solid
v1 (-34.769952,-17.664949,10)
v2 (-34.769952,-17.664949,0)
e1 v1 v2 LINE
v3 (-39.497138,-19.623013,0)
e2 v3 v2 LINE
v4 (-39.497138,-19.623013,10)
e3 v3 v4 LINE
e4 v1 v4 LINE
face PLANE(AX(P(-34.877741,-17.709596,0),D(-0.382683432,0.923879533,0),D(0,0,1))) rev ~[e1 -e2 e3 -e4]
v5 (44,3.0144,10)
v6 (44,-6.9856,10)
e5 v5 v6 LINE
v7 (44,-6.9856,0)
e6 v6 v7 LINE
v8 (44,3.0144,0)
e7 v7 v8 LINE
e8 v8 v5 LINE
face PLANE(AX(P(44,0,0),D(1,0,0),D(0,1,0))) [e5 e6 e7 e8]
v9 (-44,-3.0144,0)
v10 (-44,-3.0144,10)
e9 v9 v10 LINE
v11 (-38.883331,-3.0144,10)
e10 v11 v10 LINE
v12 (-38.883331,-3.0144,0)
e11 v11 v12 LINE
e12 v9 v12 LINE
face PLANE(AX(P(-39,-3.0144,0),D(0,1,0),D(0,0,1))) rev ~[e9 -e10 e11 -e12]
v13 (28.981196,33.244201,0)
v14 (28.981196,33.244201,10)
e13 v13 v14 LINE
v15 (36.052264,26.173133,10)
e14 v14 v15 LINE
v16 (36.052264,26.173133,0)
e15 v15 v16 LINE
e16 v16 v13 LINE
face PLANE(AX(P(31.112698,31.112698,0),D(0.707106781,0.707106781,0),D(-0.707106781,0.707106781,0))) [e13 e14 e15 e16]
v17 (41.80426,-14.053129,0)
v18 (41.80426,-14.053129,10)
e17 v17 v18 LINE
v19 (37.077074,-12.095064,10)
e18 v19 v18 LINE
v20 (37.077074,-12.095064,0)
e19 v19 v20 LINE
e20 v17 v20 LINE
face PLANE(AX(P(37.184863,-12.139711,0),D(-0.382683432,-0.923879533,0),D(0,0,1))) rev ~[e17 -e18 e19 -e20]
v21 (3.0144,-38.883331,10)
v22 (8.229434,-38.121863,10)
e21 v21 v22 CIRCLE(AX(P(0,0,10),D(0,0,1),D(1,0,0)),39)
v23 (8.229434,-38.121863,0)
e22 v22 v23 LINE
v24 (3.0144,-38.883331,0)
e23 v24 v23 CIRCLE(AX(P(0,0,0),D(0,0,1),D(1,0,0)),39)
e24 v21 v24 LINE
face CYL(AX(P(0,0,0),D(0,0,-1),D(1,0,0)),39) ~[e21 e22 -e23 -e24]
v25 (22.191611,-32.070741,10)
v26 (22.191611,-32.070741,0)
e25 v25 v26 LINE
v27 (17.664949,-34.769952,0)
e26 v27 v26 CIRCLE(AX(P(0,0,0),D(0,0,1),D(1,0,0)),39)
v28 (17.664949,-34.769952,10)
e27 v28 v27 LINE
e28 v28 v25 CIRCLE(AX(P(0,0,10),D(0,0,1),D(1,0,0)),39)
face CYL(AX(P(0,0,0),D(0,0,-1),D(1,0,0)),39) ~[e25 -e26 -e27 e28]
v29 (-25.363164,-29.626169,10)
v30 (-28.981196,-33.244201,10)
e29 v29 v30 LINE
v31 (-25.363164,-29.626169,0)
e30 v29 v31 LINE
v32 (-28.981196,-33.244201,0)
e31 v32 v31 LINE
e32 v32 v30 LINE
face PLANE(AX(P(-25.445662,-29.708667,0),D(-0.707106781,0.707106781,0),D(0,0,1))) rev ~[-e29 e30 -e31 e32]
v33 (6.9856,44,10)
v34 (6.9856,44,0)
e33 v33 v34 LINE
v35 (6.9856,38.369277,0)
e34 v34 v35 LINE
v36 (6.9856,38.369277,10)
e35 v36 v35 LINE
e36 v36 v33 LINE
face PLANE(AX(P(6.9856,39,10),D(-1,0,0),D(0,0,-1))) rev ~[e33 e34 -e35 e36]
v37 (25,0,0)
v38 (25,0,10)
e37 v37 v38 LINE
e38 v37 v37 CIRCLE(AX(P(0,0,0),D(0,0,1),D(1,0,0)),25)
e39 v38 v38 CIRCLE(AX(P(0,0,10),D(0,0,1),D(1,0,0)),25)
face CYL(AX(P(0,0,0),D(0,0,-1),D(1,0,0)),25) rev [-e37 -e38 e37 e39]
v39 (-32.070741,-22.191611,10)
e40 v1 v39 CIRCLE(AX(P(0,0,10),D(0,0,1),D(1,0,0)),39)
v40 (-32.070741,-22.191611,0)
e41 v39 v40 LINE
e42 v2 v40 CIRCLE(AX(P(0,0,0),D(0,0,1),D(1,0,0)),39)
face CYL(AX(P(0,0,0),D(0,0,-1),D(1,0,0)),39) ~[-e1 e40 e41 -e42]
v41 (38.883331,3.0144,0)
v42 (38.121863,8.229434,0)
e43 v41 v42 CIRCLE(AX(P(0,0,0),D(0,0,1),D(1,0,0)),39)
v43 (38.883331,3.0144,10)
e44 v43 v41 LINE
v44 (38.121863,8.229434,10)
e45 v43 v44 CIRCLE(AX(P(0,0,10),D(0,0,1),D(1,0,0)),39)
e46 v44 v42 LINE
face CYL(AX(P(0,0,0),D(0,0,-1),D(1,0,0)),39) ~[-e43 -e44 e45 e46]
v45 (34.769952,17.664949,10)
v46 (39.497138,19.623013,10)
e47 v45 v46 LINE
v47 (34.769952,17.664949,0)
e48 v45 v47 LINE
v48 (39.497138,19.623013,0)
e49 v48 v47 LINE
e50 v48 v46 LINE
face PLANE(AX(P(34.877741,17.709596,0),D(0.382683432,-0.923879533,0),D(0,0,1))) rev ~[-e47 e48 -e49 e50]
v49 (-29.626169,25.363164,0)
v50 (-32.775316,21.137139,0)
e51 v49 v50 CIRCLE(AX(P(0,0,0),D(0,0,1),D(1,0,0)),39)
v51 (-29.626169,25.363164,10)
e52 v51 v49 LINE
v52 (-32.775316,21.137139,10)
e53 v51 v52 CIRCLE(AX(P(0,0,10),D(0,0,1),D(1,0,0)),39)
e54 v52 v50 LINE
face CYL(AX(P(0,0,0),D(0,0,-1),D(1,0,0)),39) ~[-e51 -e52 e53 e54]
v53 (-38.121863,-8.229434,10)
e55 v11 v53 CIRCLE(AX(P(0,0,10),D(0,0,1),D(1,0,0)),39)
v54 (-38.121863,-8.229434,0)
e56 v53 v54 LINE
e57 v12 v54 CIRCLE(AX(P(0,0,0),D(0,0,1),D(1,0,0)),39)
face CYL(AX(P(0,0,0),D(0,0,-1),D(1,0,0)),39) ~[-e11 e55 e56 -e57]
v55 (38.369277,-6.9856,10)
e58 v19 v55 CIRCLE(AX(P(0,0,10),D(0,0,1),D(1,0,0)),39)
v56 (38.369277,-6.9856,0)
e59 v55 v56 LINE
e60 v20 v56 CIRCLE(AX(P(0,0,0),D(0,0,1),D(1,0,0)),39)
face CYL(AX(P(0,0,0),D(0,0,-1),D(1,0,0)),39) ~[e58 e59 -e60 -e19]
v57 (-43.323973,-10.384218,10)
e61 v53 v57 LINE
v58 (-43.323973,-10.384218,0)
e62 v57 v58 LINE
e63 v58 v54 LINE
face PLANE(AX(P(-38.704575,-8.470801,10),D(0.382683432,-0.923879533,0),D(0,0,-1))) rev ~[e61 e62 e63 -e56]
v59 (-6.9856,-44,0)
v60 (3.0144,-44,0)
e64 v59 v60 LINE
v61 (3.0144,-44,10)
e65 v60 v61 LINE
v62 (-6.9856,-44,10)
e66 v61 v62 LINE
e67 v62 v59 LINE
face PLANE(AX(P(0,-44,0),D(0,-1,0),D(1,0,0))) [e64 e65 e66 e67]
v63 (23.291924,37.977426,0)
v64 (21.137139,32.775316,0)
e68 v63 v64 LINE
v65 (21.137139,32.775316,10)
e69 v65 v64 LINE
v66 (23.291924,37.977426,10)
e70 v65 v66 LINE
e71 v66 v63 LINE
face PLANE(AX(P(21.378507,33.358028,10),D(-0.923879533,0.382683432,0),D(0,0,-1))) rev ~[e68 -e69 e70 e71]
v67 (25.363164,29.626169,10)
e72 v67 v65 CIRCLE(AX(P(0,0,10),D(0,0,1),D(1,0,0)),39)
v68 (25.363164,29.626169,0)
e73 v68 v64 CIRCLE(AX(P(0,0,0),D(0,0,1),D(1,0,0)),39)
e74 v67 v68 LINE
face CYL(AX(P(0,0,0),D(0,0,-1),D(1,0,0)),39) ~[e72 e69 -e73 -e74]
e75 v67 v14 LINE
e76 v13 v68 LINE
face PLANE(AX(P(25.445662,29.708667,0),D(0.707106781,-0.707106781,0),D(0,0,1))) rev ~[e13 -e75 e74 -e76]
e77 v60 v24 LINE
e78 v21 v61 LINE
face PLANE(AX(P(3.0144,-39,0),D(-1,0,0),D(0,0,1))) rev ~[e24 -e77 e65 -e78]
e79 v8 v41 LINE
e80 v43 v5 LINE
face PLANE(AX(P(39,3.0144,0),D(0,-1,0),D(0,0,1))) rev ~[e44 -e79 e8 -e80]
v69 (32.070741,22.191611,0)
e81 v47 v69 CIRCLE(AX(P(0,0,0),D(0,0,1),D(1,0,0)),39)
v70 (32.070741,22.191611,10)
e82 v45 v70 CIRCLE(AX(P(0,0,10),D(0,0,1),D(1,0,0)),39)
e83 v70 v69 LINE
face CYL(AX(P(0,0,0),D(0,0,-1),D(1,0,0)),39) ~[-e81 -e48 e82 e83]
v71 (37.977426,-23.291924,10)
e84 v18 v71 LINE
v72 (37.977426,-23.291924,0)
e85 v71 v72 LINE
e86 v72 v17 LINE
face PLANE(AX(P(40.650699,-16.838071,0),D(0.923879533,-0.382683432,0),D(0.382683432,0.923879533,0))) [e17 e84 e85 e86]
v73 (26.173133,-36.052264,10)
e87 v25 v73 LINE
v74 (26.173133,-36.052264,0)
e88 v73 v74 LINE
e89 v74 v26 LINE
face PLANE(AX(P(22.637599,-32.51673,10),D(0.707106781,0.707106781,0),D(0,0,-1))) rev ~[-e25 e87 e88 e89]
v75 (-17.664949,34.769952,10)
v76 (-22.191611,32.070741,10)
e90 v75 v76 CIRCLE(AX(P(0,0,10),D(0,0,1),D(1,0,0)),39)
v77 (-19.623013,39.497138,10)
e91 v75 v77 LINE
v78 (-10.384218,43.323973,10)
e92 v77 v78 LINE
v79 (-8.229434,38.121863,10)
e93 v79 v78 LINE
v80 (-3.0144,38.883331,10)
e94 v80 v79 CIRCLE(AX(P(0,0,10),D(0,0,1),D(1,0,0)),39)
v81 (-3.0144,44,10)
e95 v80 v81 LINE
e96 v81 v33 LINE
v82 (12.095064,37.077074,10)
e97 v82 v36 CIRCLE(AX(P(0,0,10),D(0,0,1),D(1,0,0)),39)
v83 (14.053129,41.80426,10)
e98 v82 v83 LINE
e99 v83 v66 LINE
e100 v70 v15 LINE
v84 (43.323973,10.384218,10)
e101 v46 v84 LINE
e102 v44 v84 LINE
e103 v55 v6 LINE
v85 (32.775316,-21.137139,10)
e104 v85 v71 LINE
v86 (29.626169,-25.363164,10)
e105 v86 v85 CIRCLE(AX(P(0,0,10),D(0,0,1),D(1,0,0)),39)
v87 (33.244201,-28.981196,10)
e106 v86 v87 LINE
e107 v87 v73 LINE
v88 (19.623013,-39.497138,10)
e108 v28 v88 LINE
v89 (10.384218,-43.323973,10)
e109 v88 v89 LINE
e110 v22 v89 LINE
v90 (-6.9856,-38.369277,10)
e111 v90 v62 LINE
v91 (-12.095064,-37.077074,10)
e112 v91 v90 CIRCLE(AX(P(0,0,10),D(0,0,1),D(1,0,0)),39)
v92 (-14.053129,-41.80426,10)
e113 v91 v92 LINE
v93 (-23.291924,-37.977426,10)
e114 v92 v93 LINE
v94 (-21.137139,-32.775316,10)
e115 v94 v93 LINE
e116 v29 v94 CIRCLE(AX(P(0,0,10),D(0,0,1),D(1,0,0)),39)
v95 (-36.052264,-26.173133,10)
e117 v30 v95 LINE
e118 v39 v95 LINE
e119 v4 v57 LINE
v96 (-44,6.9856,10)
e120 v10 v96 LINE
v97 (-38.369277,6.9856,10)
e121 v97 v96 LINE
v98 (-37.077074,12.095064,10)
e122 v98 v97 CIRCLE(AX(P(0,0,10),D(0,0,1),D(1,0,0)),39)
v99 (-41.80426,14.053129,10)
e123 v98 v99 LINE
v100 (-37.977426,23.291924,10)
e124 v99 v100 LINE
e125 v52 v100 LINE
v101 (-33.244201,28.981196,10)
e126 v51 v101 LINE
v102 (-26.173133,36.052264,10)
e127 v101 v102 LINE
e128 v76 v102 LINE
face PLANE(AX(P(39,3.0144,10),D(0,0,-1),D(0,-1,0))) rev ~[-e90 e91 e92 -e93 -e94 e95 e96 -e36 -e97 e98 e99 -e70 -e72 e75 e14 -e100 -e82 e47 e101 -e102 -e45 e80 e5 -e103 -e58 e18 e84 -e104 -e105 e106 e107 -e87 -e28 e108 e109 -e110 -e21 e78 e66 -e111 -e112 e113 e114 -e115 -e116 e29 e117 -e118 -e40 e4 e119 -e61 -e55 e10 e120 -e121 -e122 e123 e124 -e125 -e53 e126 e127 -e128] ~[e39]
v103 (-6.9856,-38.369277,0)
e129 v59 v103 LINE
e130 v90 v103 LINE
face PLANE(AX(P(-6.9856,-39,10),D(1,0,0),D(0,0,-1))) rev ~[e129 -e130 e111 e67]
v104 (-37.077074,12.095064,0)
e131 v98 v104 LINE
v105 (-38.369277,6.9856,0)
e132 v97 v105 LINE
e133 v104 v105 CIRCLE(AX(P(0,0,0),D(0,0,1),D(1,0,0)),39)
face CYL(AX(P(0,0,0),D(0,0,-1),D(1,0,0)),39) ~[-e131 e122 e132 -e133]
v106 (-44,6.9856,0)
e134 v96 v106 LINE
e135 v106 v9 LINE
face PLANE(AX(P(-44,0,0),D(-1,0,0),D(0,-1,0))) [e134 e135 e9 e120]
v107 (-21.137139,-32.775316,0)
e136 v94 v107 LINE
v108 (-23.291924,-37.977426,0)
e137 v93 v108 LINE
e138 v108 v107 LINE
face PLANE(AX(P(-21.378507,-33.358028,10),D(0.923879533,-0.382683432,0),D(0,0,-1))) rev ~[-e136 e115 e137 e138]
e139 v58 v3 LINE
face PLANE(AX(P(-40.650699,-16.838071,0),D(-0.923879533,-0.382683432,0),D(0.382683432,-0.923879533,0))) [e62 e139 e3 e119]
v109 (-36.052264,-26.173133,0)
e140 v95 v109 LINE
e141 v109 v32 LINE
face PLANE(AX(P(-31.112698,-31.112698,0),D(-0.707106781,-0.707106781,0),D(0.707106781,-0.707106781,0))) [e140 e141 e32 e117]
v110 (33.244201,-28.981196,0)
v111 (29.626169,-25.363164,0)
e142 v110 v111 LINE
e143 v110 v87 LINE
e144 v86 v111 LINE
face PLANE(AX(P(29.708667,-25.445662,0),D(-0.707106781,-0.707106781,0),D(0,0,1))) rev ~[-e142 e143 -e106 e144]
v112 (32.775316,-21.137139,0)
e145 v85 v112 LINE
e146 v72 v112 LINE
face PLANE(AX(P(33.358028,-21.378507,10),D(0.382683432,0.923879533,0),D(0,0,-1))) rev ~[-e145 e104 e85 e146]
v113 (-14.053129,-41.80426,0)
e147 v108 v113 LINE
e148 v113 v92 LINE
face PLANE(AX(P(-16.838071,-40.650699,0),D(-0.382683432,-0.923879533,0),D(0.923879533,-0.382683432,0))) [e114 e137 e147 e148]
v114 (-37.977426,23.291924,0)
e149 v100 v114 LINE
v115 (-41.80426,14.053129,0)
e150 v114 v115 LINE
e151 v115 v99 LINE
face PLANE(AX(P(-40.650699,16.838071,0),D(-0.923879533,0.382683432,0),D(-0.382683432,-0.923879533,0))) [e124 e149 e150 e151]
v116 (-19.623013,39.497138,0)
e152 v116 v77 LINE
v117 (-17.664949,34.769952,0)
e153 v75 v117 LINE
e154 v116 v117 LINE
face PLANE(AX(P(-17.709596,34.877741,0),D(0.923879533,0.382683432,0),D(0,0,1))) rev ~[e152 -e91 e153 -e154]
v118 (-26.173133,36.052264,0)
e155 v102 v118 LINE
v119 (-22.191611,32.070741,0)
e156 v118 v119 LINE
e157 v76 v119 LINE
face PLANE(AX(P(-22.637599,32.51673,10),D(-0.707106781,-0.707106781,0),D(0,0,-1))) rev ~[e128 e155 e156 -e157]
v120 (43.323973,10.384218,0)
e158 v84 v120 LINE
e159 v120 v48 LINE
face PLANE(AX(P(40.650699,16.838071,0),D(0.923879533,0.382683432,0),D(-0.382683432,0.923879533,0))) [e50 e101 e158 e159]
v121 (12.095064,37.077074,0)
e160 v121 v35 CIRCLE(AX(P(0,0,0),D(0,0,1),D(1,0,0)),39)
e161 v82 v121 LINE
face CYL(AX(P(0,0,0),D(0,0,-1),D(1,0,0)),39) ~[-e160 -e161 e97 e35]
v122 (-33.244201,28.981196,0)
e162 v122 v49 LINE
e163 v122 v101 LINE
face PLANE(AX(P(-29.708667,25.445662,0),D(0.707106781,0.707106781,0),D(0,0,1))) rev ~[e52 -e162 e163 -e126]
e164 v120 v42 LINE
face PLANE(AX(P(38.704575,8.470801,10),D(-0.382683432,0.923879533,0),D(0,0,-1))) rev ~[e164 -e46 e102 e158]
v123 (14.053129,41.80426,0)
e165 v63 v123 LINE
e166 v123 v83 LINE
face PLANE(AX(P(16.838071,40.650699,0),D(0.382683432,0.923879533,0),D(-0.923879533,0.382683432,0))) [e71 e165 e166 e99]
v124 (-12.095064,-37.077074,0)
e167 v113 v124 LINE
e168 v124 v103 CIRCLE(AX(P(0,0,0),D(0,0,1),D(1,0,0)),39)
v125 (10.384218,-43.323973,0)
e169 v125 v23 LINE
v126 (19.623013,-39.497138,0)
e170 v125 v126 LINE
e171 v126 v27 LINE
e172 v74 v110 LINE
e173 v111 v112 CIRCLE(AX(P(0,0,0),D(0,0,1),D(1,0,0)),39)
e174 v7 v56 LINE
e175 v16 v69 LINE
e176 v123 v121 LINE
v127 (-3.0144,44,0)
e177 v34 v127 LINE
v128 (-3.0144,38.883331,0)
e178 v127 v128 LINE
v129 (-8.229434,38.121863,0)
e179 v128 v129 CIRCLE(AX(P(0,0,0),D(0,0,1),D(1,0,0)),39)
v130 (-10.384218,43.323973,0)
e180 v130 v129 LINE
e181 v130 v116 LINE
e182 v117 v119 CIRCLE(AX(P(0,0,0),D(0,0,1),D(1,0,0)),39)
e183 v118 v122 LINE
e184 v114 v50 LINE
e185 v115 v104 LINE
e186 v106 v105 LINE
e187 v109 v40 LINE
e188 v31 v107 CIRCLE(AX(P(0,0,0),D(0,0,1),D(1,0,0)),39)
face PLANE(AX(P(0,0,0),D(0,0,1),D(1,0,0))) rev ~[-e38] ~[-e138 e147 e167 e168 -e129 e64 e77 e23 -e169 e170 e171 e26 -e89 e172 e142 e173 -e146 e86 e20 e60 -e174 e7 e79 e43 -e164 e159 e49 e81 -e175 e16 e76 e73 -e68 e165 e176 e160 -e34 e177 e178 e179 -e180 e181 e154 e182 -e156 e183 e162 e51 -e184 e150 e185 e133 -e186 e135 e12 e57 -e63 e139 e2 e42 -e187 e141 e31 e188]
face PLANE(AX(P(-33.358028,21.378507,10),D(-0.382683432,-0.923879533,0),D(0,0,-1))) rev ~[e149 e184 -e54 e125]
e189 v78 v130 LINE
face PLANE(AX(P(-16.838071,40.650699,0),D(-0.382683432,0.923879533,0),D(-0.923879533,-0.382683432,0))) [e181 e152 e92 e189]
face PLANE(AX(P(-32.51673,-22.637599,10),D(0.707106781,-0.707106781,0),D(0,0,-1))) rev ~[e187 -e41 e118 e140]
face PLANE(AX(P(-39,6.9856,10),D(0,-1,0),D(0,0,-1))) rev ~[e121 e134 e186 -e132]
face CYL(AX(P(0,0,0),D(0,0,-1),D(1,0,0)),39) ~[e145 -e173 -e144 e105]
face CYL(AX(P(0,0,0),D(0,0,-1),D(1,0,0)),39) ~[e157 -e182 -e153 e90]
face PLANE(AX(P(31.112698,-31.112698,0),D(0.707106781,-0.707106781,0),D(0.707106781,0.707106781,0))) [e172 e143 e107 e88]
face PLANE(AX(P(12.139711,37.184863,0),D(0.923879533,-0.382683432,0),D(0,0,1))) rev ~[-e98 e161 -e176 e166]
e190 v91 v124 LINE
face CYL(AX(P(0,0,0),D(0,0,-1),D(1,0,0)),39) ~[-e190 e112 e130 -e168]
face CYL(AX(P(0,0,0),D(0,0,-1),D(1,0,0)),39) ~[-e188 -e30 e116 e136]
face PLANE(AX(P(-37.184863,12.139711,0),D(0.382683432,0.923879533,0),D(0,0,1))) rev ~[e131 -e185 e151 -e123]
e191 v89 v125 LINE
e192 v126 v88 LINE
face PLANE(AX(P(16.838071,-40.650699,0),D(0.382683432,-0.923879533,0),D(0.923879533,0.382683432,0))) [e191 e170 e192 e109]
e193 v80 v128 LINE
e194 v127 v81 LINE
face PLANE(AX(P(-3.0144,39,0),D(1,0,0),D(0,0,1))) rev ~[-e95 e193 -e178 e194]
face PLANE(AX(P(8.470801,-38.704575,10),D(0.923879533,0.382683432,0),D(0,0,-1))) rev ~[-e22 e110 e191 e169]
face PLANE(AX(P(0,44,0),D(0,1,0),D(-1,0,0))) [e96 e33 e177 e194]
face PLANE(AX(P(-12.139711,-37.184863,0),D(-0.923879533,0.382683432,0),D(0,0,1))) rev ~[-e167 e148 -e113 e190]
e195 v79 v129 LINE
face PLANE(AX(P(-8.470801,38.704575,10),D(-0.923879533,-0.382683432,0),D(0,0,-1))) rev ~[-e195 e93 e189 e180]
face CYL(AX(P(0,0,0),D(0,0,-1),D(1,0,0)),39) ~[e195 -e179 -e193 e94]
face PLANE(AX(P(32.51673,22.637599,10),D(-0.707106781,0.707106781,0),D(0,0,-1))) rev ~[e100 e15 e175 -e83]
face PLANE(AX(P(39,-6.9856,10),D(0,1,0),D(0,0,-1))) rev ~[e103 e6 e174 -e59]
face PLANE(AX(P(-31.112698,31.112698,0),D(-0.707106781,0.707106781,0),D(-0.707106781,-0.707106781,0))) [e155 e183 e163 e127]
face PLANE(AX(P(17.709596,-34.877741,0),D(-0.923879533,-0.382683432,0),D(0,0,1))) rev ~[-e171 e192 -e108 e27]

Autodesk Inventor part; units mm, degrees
ref_plane "XZ Plane" through (0, 0, 0) normal (0, 1, 0) x (-1, 0, 0)
ref_plane "XY Plane" through (0, 0, 0) normal (0, 0, 1) x (1, 0, 0)
sketch "Sketch1" plane through (0, 0, 0) normal (0, 0, 1) x (1, 0, 0)
  line L0 (-522.2408, 82.6105) -> (-274.5908, 82.6105) construction
  line L1 (-274.5908, 82.6105) -> (-274.5908, -141.3329) construction
  line L2 (-274.5908, -141.3329) -> (-522.2408, -141.3329) construction
  line L3 (-522.2408, -141.3329) -> (-522.2408, 82.6105) construction
  circle A0 centre (0, 0) radius 25
  circle A1 centre (0, 0) radius 39
  dimension "d7" = 50
  dimension "d8" = 78
extrude "Extrusion1" add sketch "Sketch1" along normal blind 10
ref_plane "Work Plane1" through (39, 0, 0) normal (1, 0, 0) x (0, 1, 0)
sketch "Sketch2" plane through (39, 0, 0) normal (1, 0, 0) x (0, 1, 0)
  line L0 (39, 10) -> (-39, 10) projected
  line L1 (3.0144, 10) -> (-6.9856, 10)
  line L2 (-6.9856, 10) -> (-6.9856, 0)
  line L3 (-6.9856, 0) -> (3.0144, 0)
  line L4 (3.0144, 0) -> (3.0144, 10)
  point P0 (0, 0)
  dimension "d13" = 10
  dimension "d14" = 10
extrude "Extrusion2" add sketch "Sketch2" along normal blind 5 and the other way blind 5
pattern_circular "Circular Pattern1" count 16 over 360 about axis through (0, 0, 0) along (0, 0, 1) of "Extrusion2"
properties part number "cad@36"
